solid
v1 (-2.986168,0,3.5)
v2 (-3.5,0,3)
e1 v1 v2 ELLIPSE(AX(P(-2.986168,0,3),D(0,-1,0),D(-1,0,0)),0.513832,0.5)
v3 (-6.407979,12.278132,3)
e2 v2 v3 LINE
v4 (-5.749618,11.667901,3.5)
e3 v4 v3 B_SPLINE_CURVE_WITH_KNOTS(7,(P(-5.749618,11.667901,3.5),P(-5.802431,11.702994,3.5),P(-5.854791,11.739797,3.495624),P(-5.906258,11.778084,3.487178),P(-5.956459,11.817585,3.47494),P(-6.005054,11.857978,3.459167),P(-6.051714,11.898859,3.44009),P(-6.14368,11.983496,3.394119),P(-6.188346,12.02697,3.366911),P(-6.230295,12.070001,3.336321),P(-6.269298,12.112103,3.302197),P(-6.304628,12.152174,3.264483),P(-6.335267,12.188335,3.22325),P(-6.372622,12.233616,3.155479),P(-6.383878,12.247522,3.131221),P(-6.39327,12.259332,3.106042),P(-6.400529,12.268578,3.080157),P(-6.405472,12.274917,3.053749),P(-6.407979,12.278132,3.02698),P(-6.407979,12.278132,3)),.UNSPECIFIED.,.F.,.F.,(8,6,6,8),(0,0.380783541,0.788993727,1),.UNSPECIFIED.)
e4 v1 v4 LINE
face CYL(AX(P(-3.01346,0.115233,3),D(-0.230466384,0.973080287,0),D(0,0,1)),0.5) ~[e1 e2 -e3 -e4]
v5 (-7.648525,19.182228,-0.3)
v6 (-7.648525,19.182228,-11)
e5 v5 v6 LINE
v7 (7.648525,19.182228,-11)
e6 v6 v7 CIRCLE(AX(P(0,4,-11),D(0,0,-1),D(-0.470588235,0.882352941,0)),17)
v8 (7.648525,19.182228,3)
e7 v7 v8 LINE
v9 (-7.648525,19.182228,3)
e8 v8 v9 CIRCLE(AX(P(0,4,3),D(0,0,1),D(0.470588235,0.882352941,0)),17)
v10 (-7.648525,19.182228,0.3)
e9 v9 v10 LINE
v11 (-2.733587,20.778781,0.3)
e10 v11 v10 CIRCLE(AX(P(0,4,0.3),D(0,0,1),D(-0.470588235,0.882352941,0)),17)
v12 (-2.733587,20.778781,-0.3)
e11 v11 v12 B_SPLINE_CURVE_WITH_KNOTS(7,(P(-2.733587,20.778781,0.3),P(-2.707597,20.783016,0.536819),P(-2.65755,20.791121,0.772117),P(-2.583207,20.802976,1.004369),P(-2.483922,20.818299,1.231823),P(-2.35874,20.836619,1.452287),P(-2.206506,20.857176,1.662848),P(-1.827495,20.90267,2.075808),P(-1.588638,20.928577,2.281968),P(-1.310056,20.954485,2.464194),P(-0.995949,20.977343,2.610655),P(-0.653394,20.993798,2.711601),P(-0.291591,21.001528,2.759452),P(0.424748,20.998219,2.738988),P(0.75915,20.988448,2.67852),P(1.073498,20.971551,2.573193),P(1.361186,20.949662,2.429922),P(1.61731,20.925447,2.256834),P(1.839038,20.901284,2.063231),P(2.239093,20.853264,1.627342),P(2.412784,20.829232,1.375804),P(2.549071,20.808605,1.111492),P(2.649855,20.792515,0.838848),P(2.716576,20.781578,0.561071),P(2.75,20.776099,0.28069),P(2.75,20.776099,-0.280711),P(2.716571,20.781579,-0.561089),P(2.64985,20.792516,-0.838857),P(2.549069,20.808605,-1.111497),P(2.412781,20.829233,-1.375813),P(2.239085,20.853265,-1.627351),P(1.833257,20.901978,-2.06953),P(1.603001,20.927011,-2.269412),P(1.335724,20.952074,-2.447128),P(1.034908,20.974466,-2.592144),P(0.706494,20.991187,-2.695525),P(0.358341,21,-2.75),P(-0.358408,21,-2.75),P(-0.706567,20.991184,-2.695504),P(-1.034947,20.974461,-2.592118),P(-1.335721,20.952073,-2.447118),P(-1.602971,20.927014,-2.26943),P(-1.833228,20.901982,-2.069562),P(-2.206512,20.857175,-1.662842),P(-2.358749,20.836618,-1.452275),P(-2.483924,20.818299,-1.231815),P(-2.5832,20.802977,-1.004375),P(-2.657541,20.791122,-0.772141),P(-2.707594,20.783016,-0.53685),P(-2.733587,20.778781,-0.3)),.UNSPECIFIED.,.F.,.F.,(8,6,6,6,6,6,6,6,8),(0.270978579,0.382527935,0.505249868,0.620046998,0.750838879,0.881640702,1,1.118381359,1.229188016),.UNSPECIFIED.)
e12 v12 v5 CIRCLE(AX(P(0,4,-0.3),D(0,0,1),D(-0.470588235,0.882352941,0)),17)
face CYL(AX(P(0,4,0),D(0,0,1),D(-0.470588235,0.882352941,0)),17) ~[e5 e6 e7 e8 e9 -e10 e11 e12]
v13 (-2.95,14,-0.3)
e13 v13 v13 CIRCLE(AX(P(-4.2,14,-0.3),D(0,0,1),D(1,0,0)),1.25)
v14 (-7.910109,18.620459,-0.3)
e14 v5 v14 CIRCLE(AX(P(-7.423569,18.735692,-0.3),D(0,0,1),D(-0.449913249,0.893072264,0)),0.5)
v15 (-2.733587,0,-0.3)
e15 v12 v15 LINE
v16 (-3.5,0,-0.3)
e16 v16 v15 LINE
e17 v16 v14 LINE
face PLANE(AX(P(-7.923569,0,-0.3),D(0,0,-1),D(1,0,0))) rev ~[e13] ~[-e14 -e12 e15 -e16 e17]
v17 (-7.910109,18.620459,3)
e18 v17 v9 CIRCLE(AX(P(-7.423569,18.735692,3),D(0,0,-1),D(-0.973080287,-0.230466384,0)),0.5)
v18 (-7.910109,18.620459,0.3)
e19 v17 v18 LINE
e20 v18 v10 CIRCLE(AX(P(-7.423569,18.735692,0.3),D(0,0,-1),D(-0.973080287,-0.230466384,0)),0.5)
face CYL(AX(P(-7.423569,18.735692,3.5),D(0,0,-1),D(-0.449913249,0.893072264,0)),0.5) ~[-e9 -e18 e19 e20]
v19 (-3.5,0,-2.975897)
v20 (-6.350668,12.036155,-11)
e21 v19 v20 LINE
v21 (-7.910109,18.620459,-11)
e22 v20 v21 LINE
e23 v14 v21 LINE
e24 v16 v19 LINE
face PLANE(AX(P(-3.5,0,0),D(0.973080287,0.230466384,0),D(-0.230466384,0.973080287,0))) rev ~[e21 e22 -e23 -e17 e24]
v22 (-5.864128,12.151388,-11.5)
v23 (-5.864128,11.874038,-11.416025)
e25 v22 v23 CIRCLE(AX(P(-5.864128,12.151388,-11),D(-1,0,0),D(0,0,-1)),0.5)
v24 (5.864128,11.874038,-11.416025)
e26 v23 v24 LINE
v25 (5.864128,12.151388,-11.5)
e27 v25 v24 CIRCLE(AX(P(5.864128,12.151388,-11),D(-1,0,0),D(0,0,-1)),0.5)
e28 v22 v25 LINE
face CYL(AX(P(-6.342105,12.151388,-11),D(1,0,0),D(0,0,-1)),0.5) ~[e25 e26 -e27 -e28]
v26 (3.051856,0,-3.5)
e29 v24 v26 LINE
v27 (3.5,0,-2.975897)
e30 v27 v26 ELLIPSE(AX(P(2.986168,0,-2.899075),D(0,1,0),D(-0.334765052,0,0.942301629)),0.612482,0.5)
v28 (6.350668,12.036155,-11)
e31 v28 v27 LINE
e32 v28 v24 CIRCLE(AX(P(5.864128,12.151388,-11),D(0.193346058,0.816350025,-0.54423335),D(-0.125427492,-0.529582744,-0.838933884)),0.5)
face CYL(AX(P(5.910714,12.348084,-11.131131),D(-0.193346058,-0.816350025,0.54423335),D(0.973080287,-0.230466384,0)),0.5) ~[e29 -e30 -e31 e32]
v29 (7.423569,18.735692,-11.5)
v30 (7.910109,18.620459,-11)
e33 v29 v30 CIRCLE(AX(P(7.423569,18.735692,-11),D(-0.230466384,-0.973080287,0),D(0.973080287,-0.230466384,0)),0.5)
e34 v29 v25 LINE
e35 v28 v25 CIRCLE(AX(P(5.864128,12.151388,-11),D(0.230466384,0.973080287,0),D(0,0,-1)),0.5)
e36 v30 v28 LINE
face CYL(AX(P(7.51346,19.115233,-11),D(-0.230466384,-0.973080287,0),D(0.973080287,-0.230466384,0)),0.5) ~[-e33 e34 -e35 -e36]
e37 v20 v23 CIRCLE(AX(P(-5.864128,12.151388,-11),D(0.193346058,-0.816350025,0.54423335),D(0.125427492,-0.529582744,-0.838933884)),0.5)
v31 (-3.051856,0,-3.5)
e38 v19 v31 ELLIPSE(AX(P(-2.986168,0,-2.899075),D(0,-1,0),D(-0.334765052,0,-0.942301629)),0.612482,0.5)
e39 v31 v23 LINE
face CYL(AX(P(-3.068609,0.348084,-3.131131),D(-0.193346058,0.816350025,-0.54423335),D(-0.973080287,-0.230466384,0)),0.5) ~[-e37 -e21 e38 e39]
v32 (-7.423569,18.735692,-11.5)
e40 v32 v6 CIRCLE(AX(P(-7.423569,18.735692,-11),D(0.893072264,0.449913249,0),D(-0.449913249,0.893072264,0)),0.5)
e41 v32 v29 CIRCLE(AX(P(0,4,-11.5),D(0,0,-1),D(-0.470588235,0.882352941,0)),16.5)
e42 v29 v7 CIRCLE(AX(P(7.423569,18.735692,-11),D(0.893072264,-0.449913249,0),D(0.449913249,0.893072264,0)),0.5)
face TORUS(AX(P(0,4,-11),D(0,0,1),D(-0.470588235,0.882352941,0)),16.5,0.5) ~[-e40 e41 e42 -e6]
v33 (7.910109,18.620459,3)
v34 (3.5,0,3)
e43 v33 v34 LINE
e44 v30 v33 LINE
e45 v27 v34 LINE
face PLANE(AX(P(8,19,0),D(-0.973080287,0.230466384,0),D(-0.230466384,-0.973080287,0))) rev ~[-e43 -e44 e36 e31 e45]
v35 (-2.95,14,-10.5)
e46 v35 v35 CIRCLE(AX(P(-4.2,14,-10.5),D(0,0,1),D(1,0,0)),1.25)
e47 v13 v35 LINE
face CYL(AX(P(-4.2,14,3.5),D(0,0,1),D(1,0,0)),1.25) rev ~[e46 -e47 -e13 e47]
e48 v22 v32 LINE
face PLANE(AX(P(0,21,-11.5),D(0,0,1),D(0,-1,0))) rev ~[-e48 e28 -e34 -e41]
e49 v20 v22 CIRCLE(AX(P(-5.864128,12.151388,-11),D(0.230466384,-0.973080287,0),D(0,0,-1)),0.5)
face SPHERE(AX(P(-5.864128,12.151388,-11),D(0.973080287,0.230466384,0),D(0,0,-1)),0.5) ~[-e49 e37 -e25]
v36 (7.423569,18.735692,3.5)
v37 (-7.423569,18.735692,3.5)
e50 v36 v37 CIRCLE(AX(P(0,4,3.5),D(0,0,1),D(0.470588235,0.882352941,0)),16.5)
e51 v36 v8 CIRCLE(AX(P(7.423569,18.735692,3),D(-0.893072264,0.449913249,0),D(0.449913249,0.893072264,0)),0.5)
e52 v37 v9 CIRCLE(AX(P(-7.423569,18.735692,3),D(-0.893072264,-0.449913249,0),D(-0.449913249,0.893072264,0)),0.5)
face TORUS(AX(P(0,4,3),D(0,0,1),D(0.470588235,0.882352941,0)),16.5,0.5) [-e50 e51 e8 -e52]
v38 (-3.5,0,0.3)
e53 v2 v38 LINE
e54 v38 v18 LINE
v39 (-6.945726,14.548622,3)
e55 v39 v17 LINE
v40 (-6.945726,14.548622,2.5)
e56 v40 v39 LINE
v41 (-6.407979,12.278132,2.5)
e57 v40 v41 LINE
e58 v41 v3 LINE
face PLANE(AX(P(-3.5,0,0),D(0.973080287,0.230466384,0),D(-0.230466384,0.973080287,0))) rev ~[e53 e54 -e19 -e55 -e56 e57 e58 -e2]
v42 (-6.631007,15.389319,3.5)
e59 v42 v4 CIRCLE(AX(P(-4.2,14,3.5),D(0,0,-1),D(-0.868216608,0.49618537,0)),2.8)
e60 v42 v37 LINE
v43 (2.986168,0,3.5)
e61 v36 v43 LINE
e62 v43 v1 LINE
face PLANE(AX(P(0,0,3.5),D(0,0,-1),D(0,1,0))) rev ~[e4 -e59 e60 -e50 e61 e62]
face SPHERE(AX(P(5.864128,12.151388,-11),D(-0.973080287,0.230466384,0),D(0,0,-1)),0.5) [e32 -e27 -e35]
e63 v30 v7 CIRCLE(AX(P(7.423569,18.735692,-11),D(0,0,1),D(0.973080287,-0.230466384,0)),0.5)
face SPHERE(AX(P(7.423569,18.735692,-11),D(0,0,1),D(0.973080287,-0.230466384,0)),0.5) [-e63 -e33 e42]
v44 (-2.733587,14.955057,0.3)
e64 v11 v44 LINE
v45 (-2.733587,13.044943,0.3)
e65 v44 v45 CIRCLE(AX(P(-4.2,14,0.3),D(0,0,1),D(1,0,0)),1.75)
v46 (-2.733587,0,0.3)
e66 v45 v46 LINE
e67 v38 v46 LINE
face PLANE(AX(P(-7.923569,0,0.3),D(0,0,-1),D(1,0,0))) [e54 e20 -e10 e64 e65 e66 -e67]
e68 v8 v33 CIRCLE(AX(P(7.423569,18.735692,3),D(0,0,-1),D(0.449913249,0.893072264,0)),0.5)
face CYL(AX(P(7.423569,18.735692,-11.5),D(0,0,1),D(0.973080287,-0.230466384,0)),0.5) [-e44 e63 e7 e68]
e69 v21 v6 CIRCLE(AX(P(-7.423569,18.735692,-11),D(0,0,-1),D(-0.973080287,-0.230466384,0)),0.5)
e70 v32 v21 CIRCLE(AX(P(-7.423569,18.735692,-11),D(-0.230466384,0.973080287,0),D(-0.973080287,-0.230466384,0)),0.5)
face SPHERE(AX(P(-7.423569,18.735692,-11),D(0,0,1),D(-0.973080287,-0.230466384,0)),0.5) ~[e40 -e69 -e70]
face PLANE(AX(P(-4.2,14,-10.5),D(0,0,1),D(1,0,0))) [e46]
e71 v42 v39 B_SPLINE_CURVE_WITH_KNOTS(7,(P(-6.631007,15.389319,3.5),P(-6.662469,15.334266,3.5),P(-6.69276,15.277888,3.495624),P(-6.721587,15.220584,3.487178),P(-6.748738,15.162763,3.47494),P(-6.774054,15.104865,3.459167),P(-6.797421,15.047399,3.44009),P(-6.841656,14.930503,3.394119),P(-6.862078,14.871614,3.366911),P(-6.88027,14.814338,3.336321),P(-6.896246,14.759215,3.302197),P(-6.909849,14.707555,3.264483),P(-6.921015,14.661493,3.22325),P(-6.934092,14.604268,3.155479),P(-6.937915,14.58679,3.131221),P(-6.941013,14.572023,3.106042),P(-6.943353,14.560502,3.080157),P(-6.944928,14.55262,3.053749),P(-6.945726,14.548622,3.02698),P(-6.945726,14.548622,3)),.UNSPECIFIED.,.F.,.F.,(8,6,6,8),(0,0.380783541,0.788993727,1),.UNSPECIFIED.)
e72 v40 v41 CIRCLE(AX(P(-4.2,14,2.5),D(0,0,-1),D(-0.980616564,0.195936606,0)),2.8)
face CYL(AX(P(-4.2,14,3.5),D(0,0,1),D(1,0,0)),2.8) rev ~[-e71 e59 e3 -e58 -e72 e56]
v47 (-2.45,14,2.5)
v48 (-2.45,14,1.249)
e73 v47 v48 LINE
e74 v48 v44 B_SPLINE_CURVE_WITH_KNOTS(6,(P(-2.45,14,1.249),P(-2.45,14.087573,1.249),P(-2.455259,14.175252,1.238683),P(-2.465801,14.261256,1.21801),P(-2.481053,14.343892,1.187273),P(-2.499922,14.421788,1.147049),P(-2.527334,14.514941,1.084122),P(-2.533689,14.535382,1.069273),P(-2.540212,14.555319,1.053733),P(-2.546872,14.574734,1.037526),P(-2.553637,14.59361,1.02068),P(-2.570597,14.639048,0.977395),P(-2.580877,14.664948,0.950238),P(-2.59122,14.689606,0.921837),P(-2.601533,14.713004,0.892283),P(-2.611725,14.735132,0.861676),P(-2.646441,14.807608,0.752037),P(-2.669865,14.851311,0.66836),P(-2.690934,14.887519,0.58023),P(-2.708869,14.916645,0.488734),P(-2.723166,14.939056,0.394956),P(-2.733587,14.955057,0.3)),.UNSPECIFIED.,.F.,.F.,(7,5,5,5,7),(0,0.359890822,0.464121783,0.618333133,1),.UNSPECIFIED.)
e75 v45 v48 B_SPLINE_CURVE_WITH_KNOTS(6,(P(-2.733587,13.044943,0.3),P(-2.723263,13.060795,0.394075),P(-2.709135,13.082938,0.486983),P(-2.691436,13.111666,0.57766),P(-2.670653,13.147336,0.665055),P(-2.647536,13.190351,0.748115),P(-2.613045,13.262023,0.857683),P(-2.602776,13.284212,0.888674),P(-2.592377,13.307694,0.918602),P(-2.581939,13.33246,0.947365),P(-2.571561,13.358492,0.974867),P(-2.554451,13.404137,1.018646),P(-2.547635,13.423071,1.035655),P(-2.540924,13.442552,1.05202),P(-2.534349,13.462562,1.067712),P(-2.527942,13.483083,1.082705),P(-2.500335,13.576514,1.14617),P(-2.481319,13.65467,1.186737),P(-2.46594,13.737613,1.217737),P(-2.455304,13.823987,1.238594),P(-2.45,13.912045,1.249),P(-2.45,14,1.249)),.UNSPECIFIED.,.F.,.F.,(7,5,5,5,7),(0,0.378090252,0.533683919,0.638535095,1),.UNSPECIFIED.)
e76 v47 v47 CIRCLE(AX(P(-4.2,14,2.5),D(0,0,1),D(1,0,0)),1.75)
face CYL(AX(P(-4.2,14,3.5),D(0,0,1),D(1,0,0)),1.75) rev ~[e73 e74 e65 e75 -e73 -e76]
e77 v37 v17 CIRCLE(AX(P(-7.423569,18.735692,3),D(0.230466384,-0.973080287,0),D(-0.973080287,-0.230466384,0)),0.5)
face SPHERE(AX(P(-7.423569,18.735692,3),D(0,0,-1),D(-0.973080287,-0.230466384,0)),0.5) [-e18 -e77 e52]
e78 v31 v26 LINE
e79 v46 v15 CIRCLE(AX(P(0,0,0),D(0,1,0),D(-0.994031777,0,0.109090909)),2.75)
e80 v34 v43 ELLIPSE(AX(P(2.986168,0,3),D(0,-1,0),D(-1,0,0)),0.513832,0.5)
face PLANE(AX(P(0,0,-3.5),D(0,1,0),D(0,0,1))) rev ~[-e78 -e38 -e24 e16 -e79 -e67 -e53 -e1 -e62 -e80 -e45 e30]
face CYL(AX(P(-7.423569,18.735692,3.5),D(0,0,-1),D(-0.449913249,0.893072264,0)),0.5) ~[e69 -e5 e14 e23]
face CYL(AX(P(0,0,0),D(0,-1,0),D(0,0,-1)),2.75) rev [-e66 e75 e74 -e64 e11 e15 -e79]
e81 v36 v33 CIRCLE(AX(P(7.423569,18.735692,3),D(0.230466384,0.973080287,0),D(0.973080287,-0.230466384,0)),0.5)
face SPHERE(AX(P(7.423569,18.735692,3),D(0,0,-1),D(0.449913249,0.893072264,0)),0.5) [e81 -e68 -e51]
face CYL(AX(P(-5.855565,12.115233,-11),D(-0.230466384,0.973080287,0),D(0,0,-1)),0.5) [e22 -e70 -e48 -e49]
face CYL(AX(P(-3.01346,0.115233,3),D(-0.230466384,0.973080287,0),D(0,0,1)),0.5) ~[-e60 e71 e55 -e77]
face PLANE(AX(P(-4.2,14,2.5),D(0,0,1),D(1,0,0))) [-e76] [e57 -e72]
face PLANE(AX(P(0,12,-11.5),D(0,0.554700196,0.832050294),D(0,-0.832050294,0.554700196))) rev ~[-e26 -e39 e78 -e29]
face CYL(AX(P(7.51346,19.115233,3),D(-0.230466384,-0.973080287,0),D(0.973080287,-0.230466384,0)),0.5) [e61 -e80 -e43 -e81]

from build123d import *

# Parameters (mm, degrees)
EXTRUSION1_DEPTH             = 8
ESQUISSE2_OUTSIDE_W          = 24.072
ESQUISSE2_OUTSIDE_H          = 29.072
ENL_V_MAT_EXTRU_1_DEPTH      = 4.5
ENL_V_MAT_EXTRU_1_DEPTH_BACK = 12.5
CONG_1_R                     = 0.5
ESQUISSE3_R                  = 2.75
ENL_V_MAT_EXTRU_3_DEPTH      = 22
ESQUISSE4_W                  = 7.923568605
ESQUISSE4_H                  = 0.6
ENL_V_MAT_EXTRU_4_DEPTH      = 22.0000001
ESQUISSE5_R                  = 1.25
ENL_V_MAT_EXTRU_5_DEPTH      = 14
ENL_V_MAT_EXTRU_7_REACH      = 17
ESQUISSE7_R                  = 1.75
ESQUISSE6_R                  = 2.8
ENL_V_MAT_EXTRU_6_DEPTH      = 1


with BuildPart() as part:
    # Esquisse1 → Extrusion1 (new body, symmetric)
    with BuildSketch(Plane(origin=(0, 0, 0), x_dir=(0, 0, -1), z_dir=(1, 0, 0))):
        Polygon((3.5, 0), (-3.5, 0), (-3.5, 21), (11.5, 21), (11.5, 12), align=None)
    extrude(amount=EXTRUSION1_DEPTH, both=True)

    # Esquisse2 outside → Enlèv. mat.-Extru.1 (cut, two sides)
    with BuildSketch(Plane.XY) as enl_v_mat_extru_1_sk:
        with Locations((0, 10.5)):
            Rectangle(ESQUISSE2_OUTSIDE_W, ESQUISSE2_OUTSIDE_H)
        with BuildLine():
            Line((-3.5, 0), (-8, 19))
            ThreePointArc((-8, 19), (0, 21), (8, 19))
            Line((8, 19), (3.5, 0))
            Line((3.5, 0), (-3.5, 0))
        make_face(mode=Mode.SUBTRACT)
    extrude(amount=ENL_V_MAT_EXTRU_1_DEPTH, mode=Mode.SUBTRACT)
    extrude(enl_v_mat_extru_1_sk.sketch, amount=-ENL_V_MAT_EXTRU_1_DEPTH_BACK, mode=Mode.SUBTRACT)

    # Congé1
    cong_1_edges = [part.edges().sort_by_distance(p)[0] for p in [
        (0, 12, -11.5),
        (5.75, 9.5, 3.5),
        (7.171052632, 15.5, -11.5),
        (-7.171052632, 15.5, -11.5),
        (0, 21, -11.5),
        (-8, 19, -4),
        (-5.75, 9.5, 3.5),
        (8, 19, -4),
        (0, 21, 3.5),
        (-4.921052632, 6, -7.5),
        (4.921052632, 6, -7.5),
    ]]
    fillet(cong_1_edges, radius=CONG_1_R)

    # Esquisse3 → Enlèv. mat.-Extru.3 (cut, through all)
    with BuildSketch(Plane(origin=(0, 0, 0), x_dir=(1, 0, 0), z_dir=(0, 1, 0))):
        with Locations(Location((0, 0, 0), (0, 0, 90))):  # turned: the seam where the file's is
            Circle(ESQUISSE3_R)
    extrude(amount=ENL_V_MAT_EXTRU_3_DEPTH, mode=Mode.SUBTRACT)

    # Esquisse4 → Enlèv. mat.-Extru.4 (cut, through all)
    with BuildSketch(Plane(origin=(0, 0, 0), x_dir=(1, 0, 0), z_dir=(0, 1, 0))):
        with Locations((-3.961784303, 0)):
            Rectangle(ESQUISSE4_W, ESQUISSE4_H)
    extrude(amount=ENL_V_MAT_EXTRU_4_DEPTH, mode=Mode.SUBTRACT)

    # Esquisse5 → Enlèv. mat.-Extru.5 (cut)
    with BuildSketch(Plane.XY.offset(3.5)):
        with Locations((-4.2, 14)):
            Circle(ESQUISSE5_R)
    extrude(amount=-ENL_V_MAT_EXTRU_5_DEPTH, mode=Mode.SUBTRACT)

    # Esquisse7 → Enlèv. mat.-Extru.7 (cut, up to next)
    with BuildSketch(Plane.XY.offset(3.5), mode=Mode.PRIVATE) as enl_v_mat_extru_7_sk1:
        with Locations((-4.2, 14)):
            Circle(ESQUISSE7_R)
    enl_v_mat_extru_7_tool1 = extrude(enl_v_mat_extru_7_sk1.sketch, amount=-ENL_V_MAT_EXTRU_7_REACH, mode=Mode.PRIVATE) & part.part
    add(enl_v_mat_extru_7_tool1.solids().sort_by_distance((-4.2, 14, 3.5))[0], mode=Mode.SUBTRACT)

    # Esquisse6 → Enlèv. mat.-Extru.6 (cut)
    with BuildSketch(Plane.XY.offset(3.5)):
        with Locations((-4.2, 14)):
            Circle(ESQUISSE6_R)
    extrude(amount=-ENL_V_MAT_EXTRU_6_DEPTH, mode=Mode.SUBTRACT)


solid = part.part
